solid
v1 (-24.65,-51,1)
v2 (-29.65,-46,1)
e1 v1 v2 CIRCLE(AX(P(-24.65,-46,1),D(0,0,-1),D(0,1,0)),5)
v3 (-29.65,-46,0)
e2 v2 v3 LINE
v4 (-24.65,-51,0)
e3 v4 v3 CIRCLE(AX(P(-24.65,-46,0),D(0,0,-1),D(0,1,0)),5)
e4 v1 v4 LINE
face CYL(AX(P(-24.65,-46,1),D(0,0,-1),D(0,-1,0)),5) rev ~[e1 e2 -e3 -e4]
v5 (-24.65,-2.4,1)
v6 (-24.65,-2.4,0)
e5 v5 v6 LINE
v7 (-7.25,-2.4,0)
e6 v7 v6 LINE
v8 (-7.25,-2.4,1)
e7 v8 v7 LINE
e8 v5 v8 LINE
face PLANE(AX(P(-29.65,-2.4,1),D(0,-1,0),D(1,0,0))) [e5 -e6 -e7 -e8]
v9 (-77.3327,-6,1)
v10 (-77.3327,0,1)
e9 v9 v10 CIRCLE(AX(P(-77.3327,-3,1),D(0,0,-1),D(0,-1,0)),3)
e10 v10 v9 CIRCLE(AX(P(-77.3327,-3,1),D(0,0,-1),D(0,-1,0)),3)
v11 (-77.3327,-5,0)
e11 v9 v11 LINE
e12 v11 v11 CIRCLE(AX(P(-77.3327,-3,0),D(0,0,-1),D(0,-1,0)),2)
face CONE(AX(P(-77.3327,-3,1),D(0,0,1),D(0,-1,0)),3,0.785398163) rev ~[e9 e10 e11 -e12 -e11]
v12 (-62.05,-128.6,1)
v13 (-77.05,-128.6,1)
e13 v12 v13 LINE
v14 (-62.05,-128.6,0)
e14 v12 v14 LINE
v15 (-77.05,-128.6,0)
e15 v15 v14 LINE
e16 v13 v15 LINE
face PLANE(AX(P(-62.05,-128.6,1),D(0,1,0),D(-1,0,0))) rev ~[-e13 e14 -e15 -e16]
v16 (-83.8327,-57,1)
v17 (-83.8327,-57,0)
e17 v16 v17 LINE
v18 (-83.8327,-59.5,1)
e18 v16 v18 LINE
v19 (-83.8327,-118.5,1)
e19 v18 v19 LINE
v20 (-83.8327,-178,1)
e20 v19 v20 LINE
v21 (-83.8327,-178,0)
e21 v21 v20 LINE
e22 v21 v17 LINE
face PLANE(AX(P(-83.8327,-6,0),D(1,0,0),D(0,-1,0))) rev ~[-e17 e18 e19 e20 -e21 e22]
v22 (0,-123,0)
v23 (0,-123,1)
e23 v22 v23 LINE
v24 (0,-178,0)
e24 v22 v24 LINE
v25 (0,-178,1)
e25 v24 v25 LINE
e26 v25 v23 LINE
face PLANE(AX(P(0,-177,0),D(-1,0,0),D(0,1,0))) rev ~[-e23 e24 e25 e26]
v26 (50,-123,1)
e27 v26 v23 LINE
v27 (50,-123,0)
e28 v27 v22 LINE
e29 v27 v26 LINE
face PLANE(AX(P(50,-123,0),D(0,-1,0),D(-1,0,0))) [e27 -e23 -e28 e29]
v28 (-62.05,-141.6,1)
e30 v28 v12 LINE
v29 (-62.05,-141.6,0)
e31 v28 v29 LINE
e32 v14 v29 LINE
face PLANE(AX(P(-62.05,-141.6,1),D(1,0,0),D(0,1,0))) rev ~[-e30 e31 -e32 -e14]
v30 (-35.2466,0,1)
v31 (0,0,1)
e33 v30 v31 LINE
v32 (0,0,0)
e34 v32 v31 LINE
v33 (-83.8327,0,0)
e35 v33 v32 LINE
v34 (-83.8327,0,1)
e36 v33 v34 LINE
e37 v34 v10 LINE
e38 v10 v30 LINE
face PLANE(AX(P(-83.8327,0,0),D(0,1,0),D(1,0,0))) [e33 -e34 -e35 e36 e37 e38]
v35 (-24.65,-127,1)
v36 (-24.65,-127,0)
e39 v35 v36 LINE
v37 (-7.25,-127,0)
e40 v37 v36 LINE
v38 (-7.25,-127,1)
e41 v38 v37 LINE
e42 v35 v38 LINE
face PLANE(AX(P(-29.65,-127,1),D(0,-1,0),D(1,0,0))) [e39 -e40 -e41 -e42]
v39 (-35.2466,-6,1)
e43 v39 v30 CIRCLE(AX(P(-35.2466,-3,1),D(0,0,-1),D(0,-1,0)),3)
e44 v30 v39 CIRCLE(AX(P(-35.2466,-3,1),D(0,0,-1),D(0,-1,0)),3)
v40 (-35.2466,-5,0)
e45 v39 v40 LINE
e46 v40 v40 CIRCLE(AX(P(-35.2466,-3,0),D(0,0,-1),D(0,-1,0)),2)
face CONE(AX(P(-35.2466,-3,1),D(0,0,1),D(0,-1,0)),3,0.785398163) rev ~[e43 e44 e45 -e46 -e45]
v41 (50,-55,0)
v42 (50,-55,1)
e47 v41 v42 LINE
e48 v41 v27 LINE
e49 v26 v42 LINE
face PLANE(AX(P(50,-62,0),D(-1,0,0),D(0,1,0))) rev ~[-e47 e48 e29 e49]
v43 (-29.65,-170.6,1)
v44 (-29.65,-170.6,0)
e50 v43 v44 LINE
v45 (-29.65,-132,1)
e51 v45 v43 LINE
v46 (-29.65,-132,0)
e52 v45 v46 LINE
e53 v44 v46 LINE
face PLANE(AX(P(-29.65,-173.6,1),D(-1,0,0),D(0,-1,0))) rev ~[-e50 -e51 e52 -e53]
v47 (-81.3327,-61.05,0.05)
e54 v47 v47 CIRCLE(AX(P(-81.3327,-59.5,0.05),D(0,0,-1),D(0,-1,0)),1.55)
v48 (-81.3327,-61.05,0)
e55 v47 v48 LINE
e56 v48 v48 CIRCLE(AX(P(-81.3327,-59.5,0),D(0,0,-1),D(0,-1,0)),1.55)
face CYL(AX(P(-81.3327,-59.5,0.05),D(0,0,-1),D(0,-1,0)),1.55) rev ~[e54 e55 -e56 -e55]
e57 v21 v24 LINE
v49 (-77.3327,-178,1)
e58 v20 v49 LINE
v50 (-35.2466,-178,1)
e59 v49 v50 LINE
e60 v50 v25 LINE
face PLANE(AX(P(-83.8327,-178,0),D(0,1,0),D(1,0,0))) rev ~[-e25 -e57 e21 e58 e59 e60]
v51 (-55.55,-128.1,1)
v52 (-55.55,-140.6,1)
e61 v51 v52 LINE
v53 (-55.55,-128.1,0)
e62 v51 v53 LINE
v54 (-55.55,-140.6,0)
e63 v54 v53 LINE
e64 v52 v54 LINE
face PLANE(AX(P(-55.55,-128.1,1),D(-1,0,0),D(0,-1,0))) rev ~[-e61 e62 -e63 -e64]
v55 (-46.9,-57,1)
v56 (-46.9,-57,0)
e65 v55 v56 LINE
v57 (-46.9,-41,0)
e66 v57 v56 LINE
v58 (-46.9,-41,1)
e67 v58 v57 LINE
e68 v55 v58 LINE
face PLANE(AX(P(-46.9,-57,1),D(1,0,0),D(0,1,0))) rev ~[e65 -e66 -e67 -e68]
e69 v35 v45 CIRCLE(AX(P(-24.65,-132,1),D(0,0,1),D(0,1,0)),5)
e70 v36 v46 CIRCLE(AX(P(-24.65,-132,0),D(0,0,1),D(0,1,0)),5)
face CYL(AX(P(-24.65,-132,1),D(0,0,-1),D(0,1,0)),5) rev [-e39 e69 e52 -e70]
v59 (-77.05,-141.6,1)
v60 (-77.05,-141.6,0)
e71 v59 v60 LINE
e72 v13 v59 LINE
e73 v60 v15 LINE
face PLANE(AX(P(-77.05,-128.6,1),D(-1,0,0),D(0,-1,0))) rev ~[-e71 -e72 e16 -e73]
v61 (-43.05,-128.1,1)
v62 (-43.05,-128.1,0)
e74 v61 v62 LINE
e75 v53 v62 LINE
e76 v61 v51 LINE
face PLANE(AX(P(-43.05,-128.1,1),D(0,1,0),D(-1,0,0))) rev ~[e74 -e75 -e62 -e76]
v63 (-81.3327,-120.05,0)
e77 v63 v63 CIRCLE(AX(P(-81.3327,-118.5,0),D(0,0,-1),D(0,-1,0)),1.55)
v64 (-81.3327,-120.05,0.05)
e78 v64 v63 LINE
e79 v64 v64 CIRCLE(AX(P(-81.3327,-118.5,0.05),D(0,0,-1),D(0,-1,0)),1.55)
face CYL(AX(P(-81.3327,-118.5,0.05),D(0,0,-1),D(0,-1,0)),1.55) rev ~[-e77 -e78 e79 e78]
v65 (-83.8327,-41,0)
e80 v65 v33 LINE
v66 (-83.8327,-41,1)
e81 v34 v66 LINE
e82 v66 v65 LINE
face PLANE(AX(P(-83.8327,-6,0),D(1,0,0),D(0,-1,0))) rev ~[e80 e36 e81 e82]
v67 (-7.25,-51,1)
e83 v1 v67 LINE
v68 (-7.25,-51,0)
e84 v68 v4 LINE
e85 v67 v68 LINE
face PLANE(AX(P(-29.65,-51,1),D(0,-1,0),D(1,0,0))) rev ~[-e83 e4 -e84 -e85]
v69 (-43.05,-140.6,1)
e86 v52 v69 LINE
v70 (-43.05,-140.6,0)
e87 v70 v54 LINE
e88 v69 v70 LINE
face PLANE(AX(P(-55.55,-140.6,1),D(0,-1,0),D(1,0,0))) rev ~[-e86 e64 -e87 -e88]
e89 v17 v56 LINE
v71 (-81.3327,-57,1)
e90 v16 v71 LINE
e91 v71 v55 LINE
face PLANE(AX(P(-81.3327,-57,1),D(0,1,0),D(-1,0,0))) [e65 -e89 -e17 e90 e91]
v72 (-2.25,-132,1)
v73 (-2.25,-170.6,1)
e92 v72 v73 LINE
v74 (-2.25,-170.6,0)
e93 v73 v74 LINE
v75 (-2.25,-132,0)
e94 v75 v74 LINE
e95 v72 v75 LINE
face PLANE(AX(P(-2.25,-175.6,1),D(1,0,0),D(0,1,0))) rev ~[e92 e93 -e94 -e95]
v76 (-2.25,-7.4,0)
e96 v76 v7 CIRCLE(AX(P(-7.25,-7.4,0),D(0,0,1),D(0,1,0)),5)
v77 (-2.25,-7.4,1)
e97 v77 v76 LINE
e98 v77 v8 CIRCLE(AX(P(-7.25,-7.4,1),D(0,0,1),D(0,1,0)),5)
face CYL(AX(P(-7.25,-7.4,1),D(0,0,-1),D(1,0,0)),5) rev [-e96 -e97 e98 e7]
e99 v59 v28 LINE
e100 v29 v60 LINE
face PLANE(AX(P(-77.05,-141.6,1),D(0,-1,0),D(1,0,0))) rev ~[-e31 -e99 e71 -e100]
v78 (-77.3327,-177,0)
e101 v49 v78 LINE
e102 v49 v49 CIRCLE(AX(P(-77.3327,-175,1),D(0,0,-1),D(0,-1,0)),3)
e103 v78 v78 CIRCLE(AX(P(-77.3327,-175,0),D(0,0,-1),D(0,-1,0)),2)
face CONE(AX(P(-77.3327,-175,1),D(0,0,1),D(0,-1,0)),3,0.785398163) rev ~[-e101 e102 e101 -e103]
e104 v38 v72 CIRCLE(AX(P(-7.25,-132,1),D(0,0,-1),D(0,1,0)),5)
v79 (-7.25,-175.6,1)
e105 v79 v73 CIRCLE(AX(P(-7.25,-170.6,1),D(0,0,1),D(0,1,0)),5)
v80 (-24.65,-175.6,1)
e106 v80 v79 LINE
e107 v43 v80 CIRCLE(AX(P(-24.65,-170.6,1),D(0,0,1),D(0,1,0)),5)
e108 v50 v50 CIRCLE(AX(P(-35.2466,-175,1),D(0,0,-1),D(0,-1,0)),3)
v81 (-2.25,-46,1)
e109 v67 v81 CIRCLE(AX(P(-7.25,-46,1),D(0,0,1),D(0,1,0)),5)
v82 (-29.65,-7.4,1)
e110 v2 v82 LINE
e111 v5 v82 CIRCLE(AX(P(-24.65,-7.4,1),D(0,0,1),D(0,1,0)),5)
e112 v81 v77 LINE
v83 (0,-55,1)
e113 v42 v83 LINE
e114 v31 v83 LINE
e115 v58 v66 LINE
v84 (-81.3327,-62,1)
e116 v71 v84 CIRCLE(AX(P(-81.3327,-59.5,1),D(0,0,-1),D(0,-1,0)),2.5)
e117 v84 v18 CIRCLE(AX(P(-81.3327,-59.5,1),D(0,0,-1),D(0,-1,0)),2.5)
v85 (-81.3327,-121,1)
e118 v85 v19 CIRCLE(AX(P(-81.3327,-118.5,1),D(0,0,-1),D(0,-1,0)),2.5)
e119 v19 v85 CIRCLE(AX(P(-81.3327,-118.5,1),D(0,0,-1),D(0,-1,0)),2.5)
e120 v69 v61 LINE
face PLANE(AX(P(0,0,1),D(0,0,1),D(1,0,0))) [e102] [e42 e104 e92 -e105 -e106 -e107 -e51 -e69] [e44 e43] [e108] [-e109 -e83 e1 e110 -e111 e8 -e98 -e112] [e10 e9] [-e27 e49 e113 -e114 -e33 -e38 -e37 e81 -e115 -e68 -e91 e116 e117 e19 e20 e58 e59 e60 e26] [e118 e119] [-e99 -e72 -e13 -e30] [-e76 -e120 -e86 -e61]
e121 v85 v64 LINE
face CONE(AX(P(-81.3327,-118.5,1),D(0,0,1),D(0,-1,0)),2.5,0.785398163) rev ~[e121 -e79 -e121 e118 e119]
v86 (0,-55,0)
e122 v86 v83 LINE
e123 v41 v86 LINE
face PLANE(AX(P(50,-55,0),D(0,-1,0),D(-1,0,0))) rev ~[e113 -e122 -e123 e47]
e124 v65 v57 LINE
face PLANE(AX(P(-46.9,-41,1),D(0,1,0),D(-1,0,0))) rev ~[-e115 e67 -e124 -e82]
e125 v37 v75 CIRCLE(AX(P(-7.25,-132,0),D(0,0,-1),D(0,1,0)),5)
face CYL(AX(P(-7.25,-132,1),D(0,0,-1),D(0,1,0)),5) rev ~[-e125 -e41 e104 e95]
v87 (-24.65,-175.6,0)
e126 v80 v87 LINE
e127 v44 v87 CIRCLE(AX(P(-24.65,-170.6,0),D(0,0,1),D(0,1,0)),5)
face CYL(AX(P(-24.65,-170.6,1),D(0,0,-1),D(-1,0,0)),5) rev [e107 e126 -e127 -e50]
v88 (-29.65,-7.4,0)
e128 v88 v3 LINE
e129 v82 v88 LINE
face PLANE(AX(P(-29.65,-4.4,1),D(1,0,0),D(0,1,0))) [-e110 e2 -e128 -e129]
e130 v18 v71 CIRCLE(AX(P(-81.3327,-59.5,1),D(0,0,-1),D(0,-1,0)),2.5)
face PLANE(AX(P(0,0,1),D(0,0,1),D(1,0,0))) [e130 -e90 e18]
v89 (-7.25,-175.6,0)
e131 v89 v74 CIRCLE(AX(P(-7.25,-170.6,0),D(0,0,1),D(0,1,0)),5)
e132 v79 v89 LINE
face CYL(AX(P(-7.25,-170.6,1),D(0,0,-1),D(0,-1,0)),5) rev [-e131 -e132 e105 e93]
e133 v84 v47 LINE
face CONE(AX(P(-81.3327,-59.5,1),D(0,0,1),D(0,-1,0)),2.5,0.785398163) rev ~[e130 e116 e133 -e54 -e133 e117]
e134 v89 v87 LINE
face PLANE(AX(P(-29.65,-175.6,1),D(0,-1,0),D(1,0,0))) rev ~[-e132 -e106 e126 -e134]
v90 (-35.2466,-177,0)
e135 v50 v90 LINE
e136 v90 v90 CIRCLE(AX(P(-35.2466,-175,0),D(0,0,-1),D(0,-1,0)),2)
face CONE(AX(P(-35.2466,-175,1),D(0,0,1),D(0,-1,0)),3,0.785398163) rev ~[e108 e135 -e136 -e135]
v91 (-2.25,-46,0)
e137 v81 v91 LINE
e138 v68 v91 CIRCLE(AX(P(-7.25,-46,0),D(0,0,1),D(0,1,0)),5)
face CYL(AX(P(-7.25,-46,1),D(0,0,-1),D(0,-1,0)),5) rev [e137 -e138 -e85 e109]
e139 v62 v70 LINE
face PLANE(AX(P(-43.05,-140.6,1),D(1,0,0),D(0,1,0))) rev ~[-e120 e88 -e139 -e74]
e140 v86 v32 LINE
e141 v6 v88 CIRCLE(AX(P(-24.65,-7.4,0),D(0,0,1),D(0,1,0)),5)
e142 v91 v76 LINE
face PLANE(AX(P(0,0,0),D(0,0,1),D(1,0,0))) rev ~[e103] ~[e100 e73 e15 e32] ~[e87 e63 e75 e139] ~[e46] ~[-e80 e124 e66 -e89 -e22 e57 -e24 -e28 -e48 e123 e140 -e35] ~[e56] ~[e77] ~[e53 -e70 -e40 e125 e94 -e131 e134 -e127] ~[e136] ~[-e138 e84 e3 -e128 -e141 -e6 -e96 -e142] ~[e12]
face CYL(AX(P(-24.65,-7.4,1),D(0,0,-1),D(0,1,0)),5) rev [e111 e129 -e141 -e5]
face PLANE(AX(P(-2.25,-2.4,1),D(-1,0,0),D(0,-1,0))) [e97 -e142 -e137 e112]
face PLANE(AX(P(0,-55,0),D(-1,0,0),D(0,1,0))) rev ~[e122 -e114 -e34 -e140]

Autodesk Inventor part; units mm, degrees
ref_plane "YZ Plane" through (0, 0, 0) normal (1, 0, 0) x (0, 1, 0)
ref_plane "XZ Plane" through (0, 0, 0) normal (0, 1, 0) x (-1, 0, 0)
ref_plane "XY Plane" through (0, 0, 0) normal (0, 0, 1) x (1, 0, 0)
ref_plane "Work Plane1" through (0, 0, 0) normal (0, 0, 1) x (1, 0, 0)
sketch "Sketch1" plane through (0, 0, 0) normal (0, 0, 1) x (1, 0, 0)
  line L0 (-41.75, -2) -> (-73.5901, -2) projected
  arc A0 (-38.9216, -4) -> (-41.75, -2) centre (-41.75, -5) ccw projected
  arc A1 (-38.9216, -4) -> (-36.0931, -6) centre (-36.0931, -3) ccw projected
  line L1 (-35.75, -6) -> (-36.0931, -6) projected
  arc A2 (-35.75, -6) -> (-32.75, -3) centre (-35.75, -3) ccw projected
  line L2 (-32.75, -3) -> (-32.75, -2) projected
  line L3 (-31.75, -1) -> (0, -1) projected
  line L4 (0, 0) -> (0, -1) projected
  line L5 (-83.8327, 0) -> (0, 0) projected
  line L6 (-83.8327, 0) -> (-83.8327, -6) projected
  line L7 (-77.8327, -6) -> (-83.8327, -6) projected
  circle A3 centre (-35.2466, -175) radius 2.3 projected
  circle A4 centre (-77.3327, -175) radius 2.3 projected
  line L8 (-41.075, -176) -> (-70.8327, -176) projected
  line L9 (-70.8327, -176) -> (-70.8327, -172) projected
  line L10 (-70.8327, -172) -> (-83.8327, -172) projected
  line L11 (-83.8327, -178) -> (-83.8327, -172) projected
  line L12 (-83.8327, -178) -> (0, -178) projected
  line L13 (0, -178) -> (0, -177) projected
  line L14 (-32.075, -177) -> (0, -177) projected
  line L15 (-32.075, -175) -> (-32.075, -177) projected
  arc A5 (-32.075, -175) -> (-35.075, -172) centre (-35.075, -175) ccw projected
  line L16 (-35.075, -172) -> (-35.4181, -172) projected
  arc A6 (-35.4181, -172) -> (-38.2466, -174) centre (-35.4181, -175) ccw projected
  arc A7 (-41.075, -176) -> (-38.2466, -174) centre (-41.075, -173) ccw projected
  line L17 (0, 0) -> (-83.8327, 0)
  line L18 (-83.8327, 0) -> (-83.8327, -178)
  line L19 (-83.8327, -178) -> (0, -178)
  line L20 (0, -178) -> (0, 0)
  circle A8 centre (9.325, -58.5) radius 3 projected
  line L21 (-30.35, -55) -> (-30.35, -62) projected
  line L22 (-30.35, -62) -> (50, -62) projected
  line L23 (50, -62) -> (50, -55) projected
  line L24 (50, -55) -> (-30.35, -55) projected
  circle A9 centre (-81.3327, -118.5) radius 1.75 projected
  line L25 (50, -123) -> (-83.8327, -123) projected
  line L26 (50, -116) -> (50, -123) projected
  line L27 (-30.55, -116) -> (50, -116) projected
  line L28 (-30.55, -116) -> (-30.55, -121) projected
  line L29 (-30.55, -121) -> (-46.95, -121) projected
  line L30 (-46.95, -121) -> (-46.95, -116) projected
  line L31 (-83.8327, -116) -> (-46.95, -116) projected
  line L32 (-83.8327, -123) -> (-83.8327, -116) projected
  circle A10 centre (9.325, -119.5) radius 3 projected
  line L33 (0, -55) -> (50, -55)
  line L34 (50, -55) -> (50, -123)
  line L35 (50, -123) -> (0, -123)
  line L36 (0, -123) -> (0, -55)
  arc A11 (-31.75, -1) -> (-32.75, -2) centre (-31.75, -2) ccw projected
  circle A12 centre (-35.2466, -3) radius 2.3 projected
  circle A13 centre (-80.8327, -3) radius 2.3 projected
  arc A14 (-73.5901, -2) -> (-77.8327, -6) centre (-73.5901, -6.25) ccw projected
  point P0 (0, -123)
extrude "Extrusion1" add sketch "Sketch1" along normal blind 1 contours A0 A1 L1 A2 L2 A11 L3 L20 L24 L21 L22 L27 L28 L29 L30 L31 L18 L7 A14 L0 | L0 A14 L7 L6 L5 L4 L3 A11 L2 A2 L1 A1 A0 | L31 L30 L29 L28 L27 L20 L25 L18 | L25 L20 L14 L15 A5 L16 A6 A7 L8 L9 L10 L18 | L10 L9 L8 A7 A6 L16 A5 L15 L14 L13 L12 L11 | L20 L27 L26 L25 | L24 L23 L22 L20 | L20 L22 L21 L24 | L20 L22 L34 L27 | A3 | A4 | A8 | A9 | A10 | A12 | A13
sketch "Sketch3" plane through (0, 0, 1) normal (0, 0, 1) x (1, 0, 0)
  circle A0 centre (-81.3327, -59.5) radius 1.75 projected
  circle A1 centre (-81.3327, -118.5) radius 1.75 projected
  circle A2 centre (-77.3327, -3) radius 2.3 projected
  circle A3 centre (-35.2466, -3) radius 2.3 projected
  circle A4 centre (-35.2466, -175) radius 2.3 projected
  circle A5 centre (-77.3327, -175) radius 2.3 projected
  point P0 (0, 0)
hole "Hole1" at (-35.2466, -3, 1) at (-77.3327, -3, 1) at (-77.3327, -175, 1) at (-35.2466, -175, 1) direction (0, 0, -1) diameter 3.6 end through all countersink diameter 6 countersink angle 90 clearance for "Countersunk Flat Head Screw ISO 2009/7046" size "M3" standard "ISO"
sketch "Sketch4" plane through (0, 0, 1) normal (0, 0, 1) x (1, 0, 0)
  circle A0 centre (-81.3327, -59.5) radius 1.75 projected
  circle A1 centre (-81.3327, -118.5) radius 1.75 projected
  point P0 (0, 0)
hole "Hole2" at (-81.3327, -59.5, 1) at (-81.3327, -118.5, 1) direction (0, 0, -1) diameter 3.1 end through all countersink diameter 5 countersink angle 90 clearance for "Countersunk Flat Head Screw ISO 2009/7046" size "M2.5" standard "ISO"
sketch "Sketch5" plane through (0, 0, 1) normal (0, 0, 1) x (1, 0, 0)
  line L0 (-54.55, -139.6) -> (-54.55, -129.1) projected
  line L1 (-44.05, -129.1) -> (-54.55, -129.1) projected
  line L2 (-44.05, -129.1) -> (-44.05, -139.6) projected
  line L3 (-54.55, -139.6) -> (-44.05, -139.6) projected
  line L4 (-76.05, -140.6) -> (-76.05, -129.6) projected
  line L5 (-76.05, -129.6) -> (-63.05, -129.6) projected
  line L6 (-63.05, -129.6) -> (-63.05, -140.6) projected
  line L7 (-63.05, -140.6) -> (-76.05, -140.6) projected
  line L8 (-77.05, -123) -> (-77.05, -141.6) projected
  line L9 (-77.05, -141.6) -> (-35.75, -141.6) projected
  line L10 (-35.75, -141.6) -> (-35.75, -123) projected
  line L11 (-35.75, -123) -> (-77.05, -123) projected
  circle A0 centre (-73.6, -126.3) radius 1.5 projected
  circle A1 centre (-39.2, -126.3) radius 1.5 projected
  line L12 (-68.4939, -42.5) -> (-68.4939, -56.8) projected
  line L13 (-48.1, -42.4061) -> (-68.4, -42.4061) projected
  line L14 (-47.9, -56.9) -> (-47.9, -42.4) projected
  line L15 (-68.4, -56.8939) -> (-48.1, -56.8939) projected
  line L16 (-68.8327, -42) -> (-68.8327, -57) projected
  line L17 (-83.8327, -42) -> (-68.8327, -42) projected
  line L18 (-83.8327, -57) -> (-83.8327, -42) projected
  line L19 (-68.8327, -57) -> (-83.8327, -57) projected
  line L20 (-46.9, -41) -> (-83.8327, -41)
  line L21 (-83.8327, -41) -> (-83.8327, -57)
  line L22 (-83.8327, -57) -> (-46.9, -57)
  line L23 (-46.9, -57) -> (-46.9, -41)
  line L24 (50, -123) -> (50, -55) projected
  line L25 (50, -55) -> (0, -55) projected
  line L26 (0, -55) -> (0, 0) projected
  line L27 (0, 0) -> (-35.2466, 0) projected
  circle A2 centre (-35.2466, -3) radius 3 projected
  line L28 (-35.2466, 0) -> (-77.3327, 0) projected
  circle A3 centre (-77.3327, -3) radius 3 projected
  line L29 (-77.3327, 0) -> (-83.8327, 0) projected
  line L30 (-83.8327, 0) -> (-83.8327, -59.5) projected
  circle A4 centre (-81.3327, -59.5) radius 2.5 projected
  line L31 (-83.8327, -59.5) -> (-83.8327, -118.5) projected
  circle A5 centre (-81.3327, -118.5) radius 2.5 projected
  line L32 (-83.8327, -118.5) -> (-83.8327, -178) projected
  line L33 (-83.8327, -178) -> (-77.3327, -178) projected
  circle A6 centre (-77.3327, -175) radius 3 projected
  line L34 (-77.3327, -178) -> (-35.2466, -178) projected
  circle A7 centre (-35.2466, -175) radius 3 projected
  line L35 (-35.2466, -178) -> (0, -178) projected
  line L36 (0, -178) -> (0, -123) projected
  line L37 (0, -123) -> (50, -123) projected
  line L38 (-43.05, -140.6) -> (-43.05, -128.1)
  line L39 (-43.05, -128.1) -> (-55.55, -128.1)
  line L40 (-55.55, -128.1) -> (-55.55, -140.6)
  line L41 (-55.55, -140.6) -> (-43.05, -140.6)
  line L42 (-62.05, -141.6) -> (-62.05, -128.6)
  line L43 (-62.05, -128.6) -> (-77.05, -128.6)
  line L44 (-77.05, -128.6) -> (-77.05, -141.6)
  line L45 (-77.05, -141.6) -> (-62.05, -141.6)
  line L46 (-29.75, -4.4) -> (-2.25, -4.4) projected
  line L47 (-2.25, -173.6) -> (-29.75, -173.6) projected
  line L48 (-2.25, -4.4) -> (-29.65, -4.4)
  line L49 (-29.65, -4.4) -> (-29.65, -2.4)
  line L50 (-29.65, -2.4) -> (-2.25, -2.4)
  line L51 (-2.25, -2.4) -> (-2.25, -4.4)
  line L52 (-2.25, -173.6) -> (-29.65, -173.6)
  line L53 (-29.65, -173.6) -> (-29.65, -175.6)
  line L54 (-29.65, -175.6) -> (-2.25, -175.6)
  line L55 (-2.25, -175.6) -> (-2.25, -173.6)
  line L56 (-29.75, -51) -> (-2.25, -51) projected
  line L57 (-29.75, -4.4) -> (-2.25, -4.4) projected
  line L58 (50, -123) -> (50, -55) projected
  line L59 (50, -89) -> (-83.8327, -89) construction
  line L60 (-83.8327, 0) -> (-83.8327, -178) projected
  line L61 (-2.25, -51) -> (-29.65, -51)
  line L62 (-29.65, -51) -> (-29.65, -2.4)
  line L63 (-29.65, -2.4) -> (-2.25, -2.4)
  line L64 (-2.25, -2.4) -> (-2.25, -51)
  line L65 (-29.75, -127) -> (-2.25, -127)
  line L66 (-29.75, -173.6) -> (-2.25, -173.6)
  line L67 (-29.65, -127) -> (-29.65, -175.6)
  line L68 (-29.65, -175.6) -> (-2.25, -175.6)
  line L69 (-2.25, -175.6) -> (-2.25, -127)
  point P0 (-29.65, -4.4)
  dimension "d16" = 1
  dimension "d17" = 0
  dimension "d18" = 0
  dimension "d19" = 1
  dimension "d20" = 1
  dimension "d21" = 1
  dimension "d28" = 2
  dimension "d29" = 2
extrude "Extrusion2" cut sketch "Sketch5" against normal up to next contours L0 L1 L2 L3 | L4 L5 L6 L7 | L43 L42 L9 L8 | L17 L21 L20 L23 L22 L16 | L16 L19 L18 L17 | L41 L40 L39 L38 | L49 L50 L51 L46 | L46 L64 L56 L62 | L55 L54 L53 L47 | L47 L67 L65 L69
fillet "Fillet1" radius 5 8 edges at (-2.25, -2.4, 0.5) (-2.25, -51, 0.5) (-29.65, -51, 0.5) (-29.65, -2.4, 0.5) (-29.65, -127, 0.5) (-2.25, -175.6, 0.5) (-2.25, -127, 0.5) (-29.65, -175.6, 0.5)
properties part number "ceil" material "ABS Plastic"
